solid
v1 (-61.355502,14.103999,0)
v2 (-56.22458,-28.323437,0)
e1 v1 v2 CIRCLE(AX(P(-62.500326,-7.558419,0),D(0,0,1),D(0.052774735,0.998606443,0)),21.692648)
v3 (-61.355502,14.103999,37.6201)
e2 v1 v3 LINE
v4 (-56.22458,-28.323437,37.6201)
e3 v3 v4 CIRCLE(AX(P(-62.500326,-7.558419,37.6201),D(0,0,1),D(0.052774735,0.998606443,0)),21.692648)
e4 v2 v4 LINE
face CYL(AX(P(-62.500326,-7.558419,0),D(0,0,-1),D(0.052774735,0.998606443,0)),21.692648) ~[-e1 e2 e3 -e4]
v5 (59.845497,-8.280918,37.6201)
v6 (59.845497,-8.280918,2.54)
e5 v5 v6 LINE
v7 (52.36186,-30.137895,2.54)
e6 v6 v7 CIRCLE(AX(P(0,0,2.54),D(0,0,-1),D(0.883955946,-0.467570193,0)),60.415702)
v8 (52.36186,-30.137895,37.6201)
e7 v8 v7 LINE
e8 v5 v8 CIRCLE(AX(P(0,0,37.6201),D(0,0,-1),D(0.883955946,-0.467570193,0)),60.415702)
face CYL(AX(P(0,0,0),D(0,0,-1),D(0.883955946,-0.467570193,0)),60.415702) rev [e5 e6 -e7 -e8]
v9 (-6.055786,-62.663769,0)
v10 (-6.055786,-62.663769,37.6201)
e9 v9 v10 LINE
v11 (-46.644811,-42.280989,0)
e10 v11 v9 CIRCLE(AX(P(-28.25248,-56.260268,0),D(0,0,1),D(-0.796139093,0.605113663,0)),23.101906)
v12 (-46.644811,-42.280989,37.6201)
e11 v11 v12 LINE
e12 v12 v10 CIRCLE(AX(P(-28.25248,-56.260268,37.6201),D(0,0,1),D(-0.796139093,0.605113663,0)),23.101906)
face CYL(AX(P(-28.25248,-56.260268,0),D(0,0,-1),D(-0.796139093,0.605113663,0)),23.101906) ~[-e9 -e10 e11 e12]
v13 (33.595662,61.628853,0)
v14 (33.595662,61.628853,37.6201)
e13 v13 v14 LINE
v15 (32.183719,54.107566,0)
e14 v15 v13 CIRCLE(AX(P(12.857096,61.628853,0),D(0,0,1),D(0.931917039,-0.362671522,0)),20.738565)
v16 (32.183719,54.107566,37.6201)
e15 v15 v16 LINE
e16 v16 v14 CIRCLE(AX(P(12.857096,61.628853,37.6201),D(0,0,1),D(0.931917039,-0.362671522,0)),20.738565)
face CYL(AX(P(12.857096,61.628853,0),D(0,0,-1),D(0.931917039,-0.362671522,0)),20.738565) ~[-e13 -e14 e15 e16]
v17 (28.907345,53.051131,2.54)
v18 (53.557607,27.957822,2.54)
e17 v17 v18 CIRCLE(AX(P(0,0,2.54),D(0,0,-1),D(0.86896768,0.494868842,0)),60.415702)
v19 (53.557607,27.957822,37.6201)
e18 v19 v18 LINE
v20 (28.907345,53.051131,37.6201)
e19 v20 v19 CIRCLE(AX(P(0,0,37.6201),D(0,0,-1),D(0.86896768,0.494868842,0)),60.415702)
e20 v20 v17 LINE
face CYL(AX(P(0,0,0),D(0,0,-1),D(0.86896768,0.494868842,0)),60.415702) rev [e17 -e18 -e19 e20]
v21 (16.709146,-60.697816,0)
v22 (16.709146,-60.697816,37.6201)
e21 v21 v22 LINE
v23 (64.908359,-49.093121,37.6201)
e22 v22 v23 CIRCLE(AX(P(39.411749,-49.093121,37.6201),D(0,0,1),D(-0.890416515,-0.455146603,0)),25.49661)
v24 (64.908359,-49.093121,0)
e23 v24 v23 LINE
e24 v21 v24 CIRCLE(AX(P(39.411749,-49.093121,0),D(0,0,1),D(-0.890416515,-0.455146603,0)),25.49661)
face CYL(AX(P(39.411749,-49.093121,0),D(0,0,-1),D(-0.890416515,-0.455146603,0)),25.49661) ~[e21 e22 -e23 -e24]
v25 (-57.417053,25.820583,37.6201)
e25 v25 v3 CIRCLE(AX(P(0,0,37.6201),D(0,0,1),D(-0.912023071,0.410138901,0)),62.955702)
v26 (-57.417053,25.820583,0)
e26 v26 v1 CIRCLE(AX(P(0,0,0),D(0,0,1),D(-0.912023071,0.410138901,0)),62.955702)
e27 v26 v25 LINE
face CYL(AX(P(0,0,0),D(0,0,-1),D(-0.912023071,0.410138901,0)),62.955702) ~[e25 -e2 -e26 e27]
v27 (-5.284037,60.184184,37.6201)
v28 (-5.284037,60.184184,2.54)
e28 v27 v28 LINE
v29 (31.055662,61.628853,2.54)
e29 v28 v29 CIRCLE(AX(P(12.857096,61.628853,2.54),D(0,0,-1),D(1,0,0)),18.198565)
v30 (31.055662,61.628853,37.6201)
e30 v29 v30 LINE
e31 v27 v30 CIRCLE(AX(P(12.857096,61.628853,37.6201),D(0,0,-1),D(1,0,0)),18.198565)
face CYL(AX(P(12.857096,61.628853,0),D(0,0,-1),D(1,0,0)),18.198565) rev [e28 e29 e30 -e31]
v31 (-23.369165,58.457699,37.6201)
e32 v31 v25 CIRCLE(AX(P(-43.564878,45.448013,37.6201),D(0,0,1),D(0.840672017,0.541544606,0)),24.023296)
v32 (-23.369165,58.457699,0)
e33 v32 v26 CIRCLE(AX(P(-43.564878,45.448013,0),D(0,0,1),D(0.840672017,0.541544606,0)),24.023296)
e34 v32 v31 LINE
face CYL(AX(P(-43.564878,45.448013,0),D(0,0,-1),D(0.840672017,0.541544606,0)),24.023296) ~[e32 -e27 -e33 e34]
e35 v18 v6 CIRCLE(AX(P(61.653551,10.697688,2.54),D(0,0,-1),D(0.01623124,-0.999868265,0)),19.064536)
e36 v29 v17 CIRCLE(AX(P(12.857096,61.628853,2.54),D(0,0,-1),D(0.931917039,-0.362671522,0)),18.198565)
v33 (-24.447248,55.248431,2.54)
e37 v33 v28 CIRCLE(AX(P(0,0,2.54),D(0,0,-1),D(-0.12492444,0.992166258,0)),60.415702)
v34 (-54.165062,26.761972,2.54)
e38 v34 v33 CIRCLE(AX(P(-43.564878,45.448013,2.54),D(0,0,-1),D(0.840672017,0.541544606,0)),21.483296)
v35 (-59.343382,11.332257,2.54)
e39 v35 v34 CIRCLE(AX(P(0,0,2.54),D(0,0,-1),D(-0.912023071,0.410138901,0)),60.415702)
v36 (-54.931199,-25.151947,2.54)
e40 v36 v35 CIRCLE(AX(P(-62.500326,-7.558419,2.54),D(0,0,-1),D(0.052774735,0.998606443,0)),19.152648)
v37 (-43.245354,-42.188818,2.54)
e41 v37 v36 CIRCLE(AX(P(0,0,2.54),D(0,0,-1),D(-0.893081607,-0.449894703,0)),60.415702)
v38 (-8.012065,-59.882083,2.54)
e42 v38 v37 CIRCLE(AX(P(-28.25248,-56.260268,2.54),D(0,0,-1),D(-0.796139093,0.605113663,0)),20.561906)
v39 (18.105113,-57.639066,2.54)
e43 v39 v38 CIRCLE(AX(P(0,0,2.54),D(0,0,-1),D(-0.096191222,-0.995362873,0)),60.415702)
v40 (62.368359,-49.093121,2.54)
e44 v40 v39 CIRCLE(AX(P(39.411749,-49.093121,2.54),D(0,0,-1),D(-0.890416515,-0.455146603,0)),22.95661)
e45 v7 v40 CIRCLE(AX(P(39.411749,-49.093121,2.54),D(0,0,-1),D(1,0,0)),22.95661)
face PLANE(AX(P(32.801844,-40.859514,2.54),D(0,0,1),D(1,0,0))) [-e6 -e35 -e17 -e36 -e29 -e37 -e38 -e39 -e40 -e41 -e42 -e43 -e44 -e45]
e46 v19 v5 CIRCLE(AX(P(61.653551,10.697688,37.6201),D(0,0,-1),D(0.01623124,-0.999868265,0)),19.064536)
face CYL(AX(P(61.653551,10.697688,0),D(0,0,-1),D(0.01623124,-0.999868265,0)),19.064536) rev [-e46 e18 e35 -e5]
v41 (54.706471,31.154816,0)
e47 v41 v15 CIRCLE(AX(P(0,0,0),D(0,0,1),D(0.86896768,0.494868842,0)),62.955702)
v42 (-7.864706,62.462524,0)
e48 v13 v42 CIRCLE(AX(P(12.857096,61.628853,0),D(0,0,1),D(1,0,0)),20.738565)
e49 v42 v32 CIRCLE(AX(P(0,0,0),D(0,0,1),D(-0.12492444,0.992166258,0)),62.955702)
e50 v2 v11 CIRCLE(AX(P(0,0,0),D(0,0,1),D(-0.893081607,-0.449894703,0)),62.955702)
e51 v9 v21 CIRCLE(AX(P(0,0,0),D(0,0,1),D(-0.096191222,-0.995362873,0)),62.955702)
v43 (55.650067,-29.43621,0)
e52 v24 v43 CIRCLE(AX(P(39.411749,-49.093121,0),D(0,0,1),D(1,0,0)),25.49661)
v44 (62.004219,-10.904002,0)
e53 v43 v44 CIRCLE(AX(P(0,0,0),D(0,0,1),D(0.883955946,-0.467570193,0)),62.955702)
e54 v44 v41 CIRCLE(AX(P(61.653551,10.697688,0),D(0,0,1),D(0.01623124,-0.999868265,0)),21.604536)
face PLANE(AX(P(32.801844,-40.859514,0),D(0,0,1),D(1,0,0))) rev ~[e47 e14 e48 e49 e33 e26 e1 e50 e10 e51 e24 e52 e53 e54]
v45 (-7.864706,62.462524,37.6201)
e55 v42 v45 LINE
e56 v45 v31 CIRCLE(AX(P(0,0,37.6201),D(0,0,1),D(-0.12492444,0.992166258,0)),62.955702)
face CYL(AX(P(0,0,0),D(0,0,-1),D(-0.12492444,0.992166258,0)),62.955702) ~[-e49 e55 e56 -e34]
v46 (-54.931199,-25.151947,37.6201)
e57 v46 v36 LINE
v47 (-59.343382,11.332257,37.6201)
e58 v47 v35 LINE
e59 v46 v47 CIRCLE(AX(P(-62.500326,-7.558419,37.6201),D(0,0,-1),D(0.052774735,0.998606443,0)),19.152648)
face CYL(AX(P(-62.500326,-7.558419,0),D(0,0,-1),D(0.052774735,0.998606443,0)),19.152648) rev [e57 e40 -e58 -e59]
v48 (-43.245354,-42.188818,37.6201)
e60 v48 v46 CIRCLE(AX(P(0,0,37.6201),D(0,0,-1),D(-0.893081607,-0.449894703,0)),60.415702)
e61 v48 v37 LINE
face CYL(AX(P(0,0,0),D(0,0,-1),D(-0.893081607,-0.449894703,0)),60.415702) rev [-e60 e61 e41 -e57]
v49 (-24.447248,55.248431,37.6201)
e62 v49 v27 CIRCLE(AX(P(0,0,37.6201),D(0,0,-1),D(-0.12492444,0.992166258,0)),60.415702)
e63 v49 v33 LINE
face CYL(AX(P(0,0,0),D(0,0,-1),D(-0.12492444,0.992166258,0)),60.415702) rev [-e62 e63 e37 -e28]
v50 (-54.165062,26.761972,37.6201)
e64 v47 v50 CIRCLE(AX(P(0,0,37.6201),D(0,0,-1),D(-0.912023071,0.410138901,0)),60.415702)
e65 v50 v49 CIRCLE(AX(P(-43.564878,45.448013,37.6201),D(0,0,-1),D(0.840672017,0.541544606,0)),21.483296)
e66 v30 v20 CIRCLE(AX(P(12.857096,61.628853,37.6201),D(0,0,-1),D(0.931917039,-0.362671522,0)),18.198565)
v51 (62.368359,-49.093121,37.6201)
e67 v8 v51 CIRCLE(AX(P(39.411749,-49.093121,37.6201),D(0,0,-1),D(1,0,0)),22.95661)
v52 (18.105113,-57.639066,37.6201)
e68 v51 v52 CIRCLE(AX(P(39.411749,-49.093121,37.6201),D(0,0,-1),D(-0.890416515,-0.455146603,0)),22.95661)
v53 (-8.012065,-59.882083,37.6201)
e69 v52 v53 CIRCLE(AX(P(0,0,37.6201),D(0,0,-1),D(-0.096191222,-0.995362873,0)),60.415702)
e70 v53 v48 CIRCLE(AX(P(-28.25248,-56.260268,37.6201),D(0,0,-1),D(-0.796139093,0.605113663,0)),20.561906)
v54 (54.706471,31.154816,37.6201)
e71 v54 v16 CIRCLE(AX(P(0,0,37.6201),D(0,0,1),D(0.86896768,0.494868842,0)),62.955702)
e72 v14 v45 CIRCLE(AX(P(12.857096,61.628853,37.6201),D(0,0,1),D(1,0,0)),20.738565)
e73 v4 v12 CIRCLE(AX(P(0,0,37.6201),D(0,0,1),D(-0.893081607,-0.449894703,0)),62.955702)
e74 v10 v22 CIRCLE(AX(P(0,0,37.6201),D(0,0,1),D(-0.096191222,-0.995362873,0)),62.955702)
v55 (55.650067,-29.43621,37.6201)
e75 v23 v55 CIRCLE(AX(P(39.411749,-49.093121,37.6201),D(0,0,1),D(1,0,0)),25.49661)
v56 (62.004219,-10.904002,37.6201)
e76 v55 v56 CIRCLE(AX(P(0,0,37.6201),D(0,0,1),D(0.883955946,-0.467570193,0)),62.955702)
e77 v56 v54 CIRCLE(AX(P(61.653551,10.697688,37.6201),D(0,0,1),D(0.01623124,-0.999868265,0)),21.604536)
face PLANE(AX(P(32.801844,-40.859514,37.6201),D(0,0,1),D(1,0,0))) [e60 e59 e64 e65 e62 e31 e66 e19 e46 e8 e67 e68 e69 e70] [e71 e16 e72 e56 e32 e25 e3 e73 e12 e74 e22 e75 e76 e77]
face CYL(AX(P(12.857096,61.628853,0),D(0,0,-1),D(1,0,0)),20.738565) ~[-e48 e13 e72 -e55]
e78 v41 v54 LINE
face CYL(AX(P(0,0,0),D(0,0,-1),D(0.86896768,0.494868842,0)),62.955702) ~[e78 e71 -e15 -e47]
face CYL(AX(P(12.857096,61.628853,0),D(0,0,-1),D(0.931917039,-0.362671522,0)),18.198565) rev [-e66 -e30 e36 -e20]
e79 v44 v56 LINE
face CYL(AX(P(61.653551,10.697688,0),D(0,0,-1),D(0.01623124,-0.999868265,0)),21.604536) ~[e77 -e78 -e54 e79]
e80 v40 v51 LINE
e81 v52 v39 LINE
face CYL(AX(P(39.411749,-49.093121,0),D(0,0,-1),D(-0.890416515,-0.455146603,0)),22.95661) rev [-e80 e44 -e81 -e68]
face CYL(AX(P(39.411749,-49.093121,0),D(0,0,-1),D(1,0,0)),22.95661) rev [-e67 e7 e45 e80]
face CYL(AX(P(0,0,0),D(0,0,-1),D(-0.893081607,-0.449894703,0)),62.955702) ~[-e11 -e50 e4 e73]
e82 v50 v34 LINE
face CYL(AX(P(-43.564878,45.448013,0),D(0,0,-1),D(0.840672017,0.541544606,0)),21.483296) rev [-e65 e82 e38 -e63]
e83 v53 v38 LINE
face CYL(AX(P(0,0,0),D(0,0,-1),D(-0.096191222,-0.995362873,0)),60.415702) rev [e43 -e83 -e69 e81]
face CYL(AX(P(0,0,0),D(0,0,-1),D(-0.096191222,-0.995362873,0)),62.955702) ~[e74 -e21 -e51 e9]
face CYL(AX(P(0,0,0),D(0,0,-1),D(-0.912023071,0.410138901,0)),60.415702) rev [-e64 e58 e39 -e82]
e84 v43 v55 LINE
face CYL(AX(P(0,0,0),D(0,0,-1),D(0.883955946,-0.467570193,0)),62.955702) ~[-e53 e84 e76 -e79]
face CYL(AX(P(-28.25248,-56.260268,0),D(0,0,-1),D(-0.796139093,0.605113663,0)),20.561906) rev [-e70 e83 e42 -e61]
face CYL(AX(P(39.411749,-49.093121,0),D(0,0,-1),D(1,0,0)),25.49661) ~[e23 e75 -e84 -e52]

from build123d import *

# Parameters (mm, degrees)
F1_DEPTH = 37.6201
F2_T     = -2.54


with BuildPart() as f1:
    # F0 (on Top) → F1 (new body)
    with BuildSketch(Plane.XY):
        with BuildLine():
            ThreePointArc((16.7091462893, -60.6978161449), (39.4117489765, -49.0931206697), (55.6500673937, -29.4362099047))
            ThreePointArc((55.6500673937, -29.4362099047), (23.4502719471, -29.2107572065), (16.7091462893, -60.6978161449))
        make_face()
        with BuildLine():
            ThreePointArc((62.0042191269, -10.9040022441), (40.3670714522, 7.0042086774), (54.7064706003, 31.1548155016))
            ThreePointArc((54.7064706003, 31.1548155016), (44.935325146, 44.0935030192), (32.183718898, 54.1075659439))
            ThreePointArc((32.183718898, 54.1075659439), (8.6217733932, 41.3273719277), (-7.8647058636, 62.4625236134))
            ThreePointArc((-7.8647058636, 62.4625236134), (-15.7447875498, 60.9550828027), (-23.3691654764, 58.4576988892))
            ThreePointArc((-23.3691654764, 58.4576988892), (-20.5183346703, 52.2285422381), (-19.5415821715, 45.4480125076))
            ThreePointArc((-19.5415821715, 45.4480125076), (-32.511737083, 24.1185300053), (-57.4170529697, 25.820582541))
            ThreePointArc((-57.4170529697, 25.820582541), (-59.6745301999, 20.0591849261), (-61.3555023196, 14.1039990638))
            ThreePointArc((-61.3555023196, 14.1039990638), (-46.7617551504, 7.3703572713), (-40.8076782208, -7.5584188387))
            ThreePointArc((-40.8076782208, -7.5584188387), (-45.0832579318, -20.4896487957), (-56.224579776, -28.3234369999))
            ThreePointArc((-56.224579776, -28.3234369999), (-51.9059842561, -35.62568249), (-46.644810885, -42.2809894868))
            ThreePointArc((-46.644810885, -42.2809894868), (-20.8768390556, -34.3673934602), (-5.1505744217, -56.2602684413))
            ThreePointArc((-5.1505744217, -56.2602684413), (-5.3779967145, -59.4938509677), (-6.0557859623, -62.6637687253))
            ThreePointArc((-6.0557859623, -62.6637687253), (5.4166192363, -62.7222503624), (16.7091462893, -60.6978161449))
            ThreePointArc((16.7091462893, -60.6978161449), (23.4502719471, -29.2107572065), (55.6500673937, -29.4362099047))
            ThreePointArc((55.6500673937, -29.4362099047), (59.5524429756, -20.4187901237), (62.0042191269, -10.9040022441))
        make_face()
        with BuildLine():
            ThreePointArc((62.0042191269, -10.9040022441), (62.7173804314, -5.4727183649), (62.955702319, 0))
            ThreePointArc((62.955702319, 0), (60.8584617474, 16.1142200625), (54.7064706003, 31.1548155016))
            ThreePointArc((54.7064706003, 31.1548155016), (40.3670714522, 7.0042086774), (62.0042191269, -10.9040022441))
        make_face()
        with BuildLine():
            ThreePointArc((-46.644810885, -42.2809894868), (-28.2524804112, -56.2602684413), (-6.0557859623, -62.6637687253))
            ThreePointArc((-6.0557859623, -62.6637687253), (-5.3779967145, -59.4938509677), (-5.1505744217, -56.2602684413))
            ThreePointArc((-5.1505744217, -56.2602684413), (-20.8768390556, -34.3673934602), (-46.644810885, -42.2809894868))
        make_face()
        with BuildLine():
            ThreePointArc((-57.4170529697, 25.820582541), (-43.5648782115, 45.4480125076), (-23.3691654764, 58.4576988892))
            ThreePointArc((-23.3691654764, 58.4576988892), (-60.1888205657, 62.7905409631), (-57.4170529697, 25.820582541))
        make_face()
        with BuildLine():
            ThreePointArc((-40.8076782208, -7.5584188387), (-46.7617551504, 7.3703572713), (-61.3555023196, 14.1039990638))
            ThreePointArc((-61.3555023196, 14.1039990638), (-62.5003260722, -7.5584188387), (-56.224579776, -28.3234369999))
            ThreePointArc((-56.224579776, -28.3234369999), (-45.0832579318, -20.4896487957), (-40.8076782208, -7.5584188387))
        make_face()
        with BuildLine():
            ThreePointArc((-56.224579776, -28.3234369999), (-62.5003260722, -7.5584188387), (-61.3555023196, 14.1039990638))
            ThreePointArc((-61.3555023196, 14.1039990638), (-84.0360649195, -10.1628233985), (-56.224579776, -28.3234369999))
        make_face()
        with BuildLine():
            ThreePointArc((-7.8647058636, 62.4625236134), (12.8570964123, 61.6288530343), (32.183718898, 54.1075659439))
            ThreePointArc((32.183718898, 54.1075659439), (33.2396198234, 57.8025185487), (33.5956618448, 61.6288530343))
            ThreePointArc((33.5956618448, 61.6288530343), (13.2740159603, 82.3632272541), (-7.8647058636, 62.4625236134))
        make_face()
        with BuildLine():
            ThreePointArc((-19.5415821715, 45.4480125076), (-20.5183346703, 52.2285422381), (-23.3691654764, 58.4576988892))
            ThreePointArc((-23.3691654764, 58.4576988892), (-43.5648782115, 45.4480125076), (-57.4170529697, 25.820582541))
            ThreePointArc((-57.4170529697, 25.820582541), (-32.511737083, 24.1185300053), (-19.5415821715, 45.4480125076))
        make_face()
        with BuildLine():
            ThreePointArc((64.9083590619, -49.0931206697), (62.477949346, -38.229073249), (55.6500673937, -29.4362099047))
            ThreePointArc((55.6500673937, -29.4362099047), (39.4117489765, -49.0931206697), (16.7091462893, -60.6978161449))
            ThreePointArc((16.7091462893, -60.6978161449), (45.3799026779, -73.8813894121), (64.9083590619, -49.0931206697))
        make_face()
        with BuildLine():
            ThreePointArc((54.7064706003, 31.1548155016), (60.8584617474, 16.1142200625), (62.955702319, 0))
            ThreePointArc((62.955702319, 0), (62.7173804314, -5.4727183649), (62.0042191269, -10.9040022441))
            ThreePointArc((62.0042191269, -10.9040022441), (77.0537457967, -4.4545389272), (83.2580870135, 10.6976879761))
            ThreePointArc((83.2580870135, 10.6976879761), (74.2366255414, 28.259641643), (54.7064706003, 31.1548155016))
        make_face()
        with BuildLine():
            ThreePointArc((-46.644810885, -42.2809894868), (-38.6198676754, -76.9052518916), (-6.0557859623, -62.6637687253))
            ThreePointArc((-6.0557859623, -62.6637687253), (-28.2524804112, -56.2602684413), (-46.644810885, -42.2809894868))
        make_face()
        with BuildLine():
            ThreePointArc((-7.8647058636, 62.4625236134), (8.6217733932, 41.3273719277), (32.183718898, 54.1075659439))
            ThreePointArc((32.183718898, 54.1075659439), (12.8570964123, 61.6288530343), (-7.8647058636, 62.4625236134))
        make_face()
    extrude(amount=F1_DEPTH)

    # F2
    f2_openings = [f1.faces().sort_by_distance(p)[0] for p in [
        (-1.092041, -0.96071, 37.6201),
    ]]
    offset(amount=F2_T, openings=f2_openings, kind=Kind.INTERSECTION)


solid = f1.part
